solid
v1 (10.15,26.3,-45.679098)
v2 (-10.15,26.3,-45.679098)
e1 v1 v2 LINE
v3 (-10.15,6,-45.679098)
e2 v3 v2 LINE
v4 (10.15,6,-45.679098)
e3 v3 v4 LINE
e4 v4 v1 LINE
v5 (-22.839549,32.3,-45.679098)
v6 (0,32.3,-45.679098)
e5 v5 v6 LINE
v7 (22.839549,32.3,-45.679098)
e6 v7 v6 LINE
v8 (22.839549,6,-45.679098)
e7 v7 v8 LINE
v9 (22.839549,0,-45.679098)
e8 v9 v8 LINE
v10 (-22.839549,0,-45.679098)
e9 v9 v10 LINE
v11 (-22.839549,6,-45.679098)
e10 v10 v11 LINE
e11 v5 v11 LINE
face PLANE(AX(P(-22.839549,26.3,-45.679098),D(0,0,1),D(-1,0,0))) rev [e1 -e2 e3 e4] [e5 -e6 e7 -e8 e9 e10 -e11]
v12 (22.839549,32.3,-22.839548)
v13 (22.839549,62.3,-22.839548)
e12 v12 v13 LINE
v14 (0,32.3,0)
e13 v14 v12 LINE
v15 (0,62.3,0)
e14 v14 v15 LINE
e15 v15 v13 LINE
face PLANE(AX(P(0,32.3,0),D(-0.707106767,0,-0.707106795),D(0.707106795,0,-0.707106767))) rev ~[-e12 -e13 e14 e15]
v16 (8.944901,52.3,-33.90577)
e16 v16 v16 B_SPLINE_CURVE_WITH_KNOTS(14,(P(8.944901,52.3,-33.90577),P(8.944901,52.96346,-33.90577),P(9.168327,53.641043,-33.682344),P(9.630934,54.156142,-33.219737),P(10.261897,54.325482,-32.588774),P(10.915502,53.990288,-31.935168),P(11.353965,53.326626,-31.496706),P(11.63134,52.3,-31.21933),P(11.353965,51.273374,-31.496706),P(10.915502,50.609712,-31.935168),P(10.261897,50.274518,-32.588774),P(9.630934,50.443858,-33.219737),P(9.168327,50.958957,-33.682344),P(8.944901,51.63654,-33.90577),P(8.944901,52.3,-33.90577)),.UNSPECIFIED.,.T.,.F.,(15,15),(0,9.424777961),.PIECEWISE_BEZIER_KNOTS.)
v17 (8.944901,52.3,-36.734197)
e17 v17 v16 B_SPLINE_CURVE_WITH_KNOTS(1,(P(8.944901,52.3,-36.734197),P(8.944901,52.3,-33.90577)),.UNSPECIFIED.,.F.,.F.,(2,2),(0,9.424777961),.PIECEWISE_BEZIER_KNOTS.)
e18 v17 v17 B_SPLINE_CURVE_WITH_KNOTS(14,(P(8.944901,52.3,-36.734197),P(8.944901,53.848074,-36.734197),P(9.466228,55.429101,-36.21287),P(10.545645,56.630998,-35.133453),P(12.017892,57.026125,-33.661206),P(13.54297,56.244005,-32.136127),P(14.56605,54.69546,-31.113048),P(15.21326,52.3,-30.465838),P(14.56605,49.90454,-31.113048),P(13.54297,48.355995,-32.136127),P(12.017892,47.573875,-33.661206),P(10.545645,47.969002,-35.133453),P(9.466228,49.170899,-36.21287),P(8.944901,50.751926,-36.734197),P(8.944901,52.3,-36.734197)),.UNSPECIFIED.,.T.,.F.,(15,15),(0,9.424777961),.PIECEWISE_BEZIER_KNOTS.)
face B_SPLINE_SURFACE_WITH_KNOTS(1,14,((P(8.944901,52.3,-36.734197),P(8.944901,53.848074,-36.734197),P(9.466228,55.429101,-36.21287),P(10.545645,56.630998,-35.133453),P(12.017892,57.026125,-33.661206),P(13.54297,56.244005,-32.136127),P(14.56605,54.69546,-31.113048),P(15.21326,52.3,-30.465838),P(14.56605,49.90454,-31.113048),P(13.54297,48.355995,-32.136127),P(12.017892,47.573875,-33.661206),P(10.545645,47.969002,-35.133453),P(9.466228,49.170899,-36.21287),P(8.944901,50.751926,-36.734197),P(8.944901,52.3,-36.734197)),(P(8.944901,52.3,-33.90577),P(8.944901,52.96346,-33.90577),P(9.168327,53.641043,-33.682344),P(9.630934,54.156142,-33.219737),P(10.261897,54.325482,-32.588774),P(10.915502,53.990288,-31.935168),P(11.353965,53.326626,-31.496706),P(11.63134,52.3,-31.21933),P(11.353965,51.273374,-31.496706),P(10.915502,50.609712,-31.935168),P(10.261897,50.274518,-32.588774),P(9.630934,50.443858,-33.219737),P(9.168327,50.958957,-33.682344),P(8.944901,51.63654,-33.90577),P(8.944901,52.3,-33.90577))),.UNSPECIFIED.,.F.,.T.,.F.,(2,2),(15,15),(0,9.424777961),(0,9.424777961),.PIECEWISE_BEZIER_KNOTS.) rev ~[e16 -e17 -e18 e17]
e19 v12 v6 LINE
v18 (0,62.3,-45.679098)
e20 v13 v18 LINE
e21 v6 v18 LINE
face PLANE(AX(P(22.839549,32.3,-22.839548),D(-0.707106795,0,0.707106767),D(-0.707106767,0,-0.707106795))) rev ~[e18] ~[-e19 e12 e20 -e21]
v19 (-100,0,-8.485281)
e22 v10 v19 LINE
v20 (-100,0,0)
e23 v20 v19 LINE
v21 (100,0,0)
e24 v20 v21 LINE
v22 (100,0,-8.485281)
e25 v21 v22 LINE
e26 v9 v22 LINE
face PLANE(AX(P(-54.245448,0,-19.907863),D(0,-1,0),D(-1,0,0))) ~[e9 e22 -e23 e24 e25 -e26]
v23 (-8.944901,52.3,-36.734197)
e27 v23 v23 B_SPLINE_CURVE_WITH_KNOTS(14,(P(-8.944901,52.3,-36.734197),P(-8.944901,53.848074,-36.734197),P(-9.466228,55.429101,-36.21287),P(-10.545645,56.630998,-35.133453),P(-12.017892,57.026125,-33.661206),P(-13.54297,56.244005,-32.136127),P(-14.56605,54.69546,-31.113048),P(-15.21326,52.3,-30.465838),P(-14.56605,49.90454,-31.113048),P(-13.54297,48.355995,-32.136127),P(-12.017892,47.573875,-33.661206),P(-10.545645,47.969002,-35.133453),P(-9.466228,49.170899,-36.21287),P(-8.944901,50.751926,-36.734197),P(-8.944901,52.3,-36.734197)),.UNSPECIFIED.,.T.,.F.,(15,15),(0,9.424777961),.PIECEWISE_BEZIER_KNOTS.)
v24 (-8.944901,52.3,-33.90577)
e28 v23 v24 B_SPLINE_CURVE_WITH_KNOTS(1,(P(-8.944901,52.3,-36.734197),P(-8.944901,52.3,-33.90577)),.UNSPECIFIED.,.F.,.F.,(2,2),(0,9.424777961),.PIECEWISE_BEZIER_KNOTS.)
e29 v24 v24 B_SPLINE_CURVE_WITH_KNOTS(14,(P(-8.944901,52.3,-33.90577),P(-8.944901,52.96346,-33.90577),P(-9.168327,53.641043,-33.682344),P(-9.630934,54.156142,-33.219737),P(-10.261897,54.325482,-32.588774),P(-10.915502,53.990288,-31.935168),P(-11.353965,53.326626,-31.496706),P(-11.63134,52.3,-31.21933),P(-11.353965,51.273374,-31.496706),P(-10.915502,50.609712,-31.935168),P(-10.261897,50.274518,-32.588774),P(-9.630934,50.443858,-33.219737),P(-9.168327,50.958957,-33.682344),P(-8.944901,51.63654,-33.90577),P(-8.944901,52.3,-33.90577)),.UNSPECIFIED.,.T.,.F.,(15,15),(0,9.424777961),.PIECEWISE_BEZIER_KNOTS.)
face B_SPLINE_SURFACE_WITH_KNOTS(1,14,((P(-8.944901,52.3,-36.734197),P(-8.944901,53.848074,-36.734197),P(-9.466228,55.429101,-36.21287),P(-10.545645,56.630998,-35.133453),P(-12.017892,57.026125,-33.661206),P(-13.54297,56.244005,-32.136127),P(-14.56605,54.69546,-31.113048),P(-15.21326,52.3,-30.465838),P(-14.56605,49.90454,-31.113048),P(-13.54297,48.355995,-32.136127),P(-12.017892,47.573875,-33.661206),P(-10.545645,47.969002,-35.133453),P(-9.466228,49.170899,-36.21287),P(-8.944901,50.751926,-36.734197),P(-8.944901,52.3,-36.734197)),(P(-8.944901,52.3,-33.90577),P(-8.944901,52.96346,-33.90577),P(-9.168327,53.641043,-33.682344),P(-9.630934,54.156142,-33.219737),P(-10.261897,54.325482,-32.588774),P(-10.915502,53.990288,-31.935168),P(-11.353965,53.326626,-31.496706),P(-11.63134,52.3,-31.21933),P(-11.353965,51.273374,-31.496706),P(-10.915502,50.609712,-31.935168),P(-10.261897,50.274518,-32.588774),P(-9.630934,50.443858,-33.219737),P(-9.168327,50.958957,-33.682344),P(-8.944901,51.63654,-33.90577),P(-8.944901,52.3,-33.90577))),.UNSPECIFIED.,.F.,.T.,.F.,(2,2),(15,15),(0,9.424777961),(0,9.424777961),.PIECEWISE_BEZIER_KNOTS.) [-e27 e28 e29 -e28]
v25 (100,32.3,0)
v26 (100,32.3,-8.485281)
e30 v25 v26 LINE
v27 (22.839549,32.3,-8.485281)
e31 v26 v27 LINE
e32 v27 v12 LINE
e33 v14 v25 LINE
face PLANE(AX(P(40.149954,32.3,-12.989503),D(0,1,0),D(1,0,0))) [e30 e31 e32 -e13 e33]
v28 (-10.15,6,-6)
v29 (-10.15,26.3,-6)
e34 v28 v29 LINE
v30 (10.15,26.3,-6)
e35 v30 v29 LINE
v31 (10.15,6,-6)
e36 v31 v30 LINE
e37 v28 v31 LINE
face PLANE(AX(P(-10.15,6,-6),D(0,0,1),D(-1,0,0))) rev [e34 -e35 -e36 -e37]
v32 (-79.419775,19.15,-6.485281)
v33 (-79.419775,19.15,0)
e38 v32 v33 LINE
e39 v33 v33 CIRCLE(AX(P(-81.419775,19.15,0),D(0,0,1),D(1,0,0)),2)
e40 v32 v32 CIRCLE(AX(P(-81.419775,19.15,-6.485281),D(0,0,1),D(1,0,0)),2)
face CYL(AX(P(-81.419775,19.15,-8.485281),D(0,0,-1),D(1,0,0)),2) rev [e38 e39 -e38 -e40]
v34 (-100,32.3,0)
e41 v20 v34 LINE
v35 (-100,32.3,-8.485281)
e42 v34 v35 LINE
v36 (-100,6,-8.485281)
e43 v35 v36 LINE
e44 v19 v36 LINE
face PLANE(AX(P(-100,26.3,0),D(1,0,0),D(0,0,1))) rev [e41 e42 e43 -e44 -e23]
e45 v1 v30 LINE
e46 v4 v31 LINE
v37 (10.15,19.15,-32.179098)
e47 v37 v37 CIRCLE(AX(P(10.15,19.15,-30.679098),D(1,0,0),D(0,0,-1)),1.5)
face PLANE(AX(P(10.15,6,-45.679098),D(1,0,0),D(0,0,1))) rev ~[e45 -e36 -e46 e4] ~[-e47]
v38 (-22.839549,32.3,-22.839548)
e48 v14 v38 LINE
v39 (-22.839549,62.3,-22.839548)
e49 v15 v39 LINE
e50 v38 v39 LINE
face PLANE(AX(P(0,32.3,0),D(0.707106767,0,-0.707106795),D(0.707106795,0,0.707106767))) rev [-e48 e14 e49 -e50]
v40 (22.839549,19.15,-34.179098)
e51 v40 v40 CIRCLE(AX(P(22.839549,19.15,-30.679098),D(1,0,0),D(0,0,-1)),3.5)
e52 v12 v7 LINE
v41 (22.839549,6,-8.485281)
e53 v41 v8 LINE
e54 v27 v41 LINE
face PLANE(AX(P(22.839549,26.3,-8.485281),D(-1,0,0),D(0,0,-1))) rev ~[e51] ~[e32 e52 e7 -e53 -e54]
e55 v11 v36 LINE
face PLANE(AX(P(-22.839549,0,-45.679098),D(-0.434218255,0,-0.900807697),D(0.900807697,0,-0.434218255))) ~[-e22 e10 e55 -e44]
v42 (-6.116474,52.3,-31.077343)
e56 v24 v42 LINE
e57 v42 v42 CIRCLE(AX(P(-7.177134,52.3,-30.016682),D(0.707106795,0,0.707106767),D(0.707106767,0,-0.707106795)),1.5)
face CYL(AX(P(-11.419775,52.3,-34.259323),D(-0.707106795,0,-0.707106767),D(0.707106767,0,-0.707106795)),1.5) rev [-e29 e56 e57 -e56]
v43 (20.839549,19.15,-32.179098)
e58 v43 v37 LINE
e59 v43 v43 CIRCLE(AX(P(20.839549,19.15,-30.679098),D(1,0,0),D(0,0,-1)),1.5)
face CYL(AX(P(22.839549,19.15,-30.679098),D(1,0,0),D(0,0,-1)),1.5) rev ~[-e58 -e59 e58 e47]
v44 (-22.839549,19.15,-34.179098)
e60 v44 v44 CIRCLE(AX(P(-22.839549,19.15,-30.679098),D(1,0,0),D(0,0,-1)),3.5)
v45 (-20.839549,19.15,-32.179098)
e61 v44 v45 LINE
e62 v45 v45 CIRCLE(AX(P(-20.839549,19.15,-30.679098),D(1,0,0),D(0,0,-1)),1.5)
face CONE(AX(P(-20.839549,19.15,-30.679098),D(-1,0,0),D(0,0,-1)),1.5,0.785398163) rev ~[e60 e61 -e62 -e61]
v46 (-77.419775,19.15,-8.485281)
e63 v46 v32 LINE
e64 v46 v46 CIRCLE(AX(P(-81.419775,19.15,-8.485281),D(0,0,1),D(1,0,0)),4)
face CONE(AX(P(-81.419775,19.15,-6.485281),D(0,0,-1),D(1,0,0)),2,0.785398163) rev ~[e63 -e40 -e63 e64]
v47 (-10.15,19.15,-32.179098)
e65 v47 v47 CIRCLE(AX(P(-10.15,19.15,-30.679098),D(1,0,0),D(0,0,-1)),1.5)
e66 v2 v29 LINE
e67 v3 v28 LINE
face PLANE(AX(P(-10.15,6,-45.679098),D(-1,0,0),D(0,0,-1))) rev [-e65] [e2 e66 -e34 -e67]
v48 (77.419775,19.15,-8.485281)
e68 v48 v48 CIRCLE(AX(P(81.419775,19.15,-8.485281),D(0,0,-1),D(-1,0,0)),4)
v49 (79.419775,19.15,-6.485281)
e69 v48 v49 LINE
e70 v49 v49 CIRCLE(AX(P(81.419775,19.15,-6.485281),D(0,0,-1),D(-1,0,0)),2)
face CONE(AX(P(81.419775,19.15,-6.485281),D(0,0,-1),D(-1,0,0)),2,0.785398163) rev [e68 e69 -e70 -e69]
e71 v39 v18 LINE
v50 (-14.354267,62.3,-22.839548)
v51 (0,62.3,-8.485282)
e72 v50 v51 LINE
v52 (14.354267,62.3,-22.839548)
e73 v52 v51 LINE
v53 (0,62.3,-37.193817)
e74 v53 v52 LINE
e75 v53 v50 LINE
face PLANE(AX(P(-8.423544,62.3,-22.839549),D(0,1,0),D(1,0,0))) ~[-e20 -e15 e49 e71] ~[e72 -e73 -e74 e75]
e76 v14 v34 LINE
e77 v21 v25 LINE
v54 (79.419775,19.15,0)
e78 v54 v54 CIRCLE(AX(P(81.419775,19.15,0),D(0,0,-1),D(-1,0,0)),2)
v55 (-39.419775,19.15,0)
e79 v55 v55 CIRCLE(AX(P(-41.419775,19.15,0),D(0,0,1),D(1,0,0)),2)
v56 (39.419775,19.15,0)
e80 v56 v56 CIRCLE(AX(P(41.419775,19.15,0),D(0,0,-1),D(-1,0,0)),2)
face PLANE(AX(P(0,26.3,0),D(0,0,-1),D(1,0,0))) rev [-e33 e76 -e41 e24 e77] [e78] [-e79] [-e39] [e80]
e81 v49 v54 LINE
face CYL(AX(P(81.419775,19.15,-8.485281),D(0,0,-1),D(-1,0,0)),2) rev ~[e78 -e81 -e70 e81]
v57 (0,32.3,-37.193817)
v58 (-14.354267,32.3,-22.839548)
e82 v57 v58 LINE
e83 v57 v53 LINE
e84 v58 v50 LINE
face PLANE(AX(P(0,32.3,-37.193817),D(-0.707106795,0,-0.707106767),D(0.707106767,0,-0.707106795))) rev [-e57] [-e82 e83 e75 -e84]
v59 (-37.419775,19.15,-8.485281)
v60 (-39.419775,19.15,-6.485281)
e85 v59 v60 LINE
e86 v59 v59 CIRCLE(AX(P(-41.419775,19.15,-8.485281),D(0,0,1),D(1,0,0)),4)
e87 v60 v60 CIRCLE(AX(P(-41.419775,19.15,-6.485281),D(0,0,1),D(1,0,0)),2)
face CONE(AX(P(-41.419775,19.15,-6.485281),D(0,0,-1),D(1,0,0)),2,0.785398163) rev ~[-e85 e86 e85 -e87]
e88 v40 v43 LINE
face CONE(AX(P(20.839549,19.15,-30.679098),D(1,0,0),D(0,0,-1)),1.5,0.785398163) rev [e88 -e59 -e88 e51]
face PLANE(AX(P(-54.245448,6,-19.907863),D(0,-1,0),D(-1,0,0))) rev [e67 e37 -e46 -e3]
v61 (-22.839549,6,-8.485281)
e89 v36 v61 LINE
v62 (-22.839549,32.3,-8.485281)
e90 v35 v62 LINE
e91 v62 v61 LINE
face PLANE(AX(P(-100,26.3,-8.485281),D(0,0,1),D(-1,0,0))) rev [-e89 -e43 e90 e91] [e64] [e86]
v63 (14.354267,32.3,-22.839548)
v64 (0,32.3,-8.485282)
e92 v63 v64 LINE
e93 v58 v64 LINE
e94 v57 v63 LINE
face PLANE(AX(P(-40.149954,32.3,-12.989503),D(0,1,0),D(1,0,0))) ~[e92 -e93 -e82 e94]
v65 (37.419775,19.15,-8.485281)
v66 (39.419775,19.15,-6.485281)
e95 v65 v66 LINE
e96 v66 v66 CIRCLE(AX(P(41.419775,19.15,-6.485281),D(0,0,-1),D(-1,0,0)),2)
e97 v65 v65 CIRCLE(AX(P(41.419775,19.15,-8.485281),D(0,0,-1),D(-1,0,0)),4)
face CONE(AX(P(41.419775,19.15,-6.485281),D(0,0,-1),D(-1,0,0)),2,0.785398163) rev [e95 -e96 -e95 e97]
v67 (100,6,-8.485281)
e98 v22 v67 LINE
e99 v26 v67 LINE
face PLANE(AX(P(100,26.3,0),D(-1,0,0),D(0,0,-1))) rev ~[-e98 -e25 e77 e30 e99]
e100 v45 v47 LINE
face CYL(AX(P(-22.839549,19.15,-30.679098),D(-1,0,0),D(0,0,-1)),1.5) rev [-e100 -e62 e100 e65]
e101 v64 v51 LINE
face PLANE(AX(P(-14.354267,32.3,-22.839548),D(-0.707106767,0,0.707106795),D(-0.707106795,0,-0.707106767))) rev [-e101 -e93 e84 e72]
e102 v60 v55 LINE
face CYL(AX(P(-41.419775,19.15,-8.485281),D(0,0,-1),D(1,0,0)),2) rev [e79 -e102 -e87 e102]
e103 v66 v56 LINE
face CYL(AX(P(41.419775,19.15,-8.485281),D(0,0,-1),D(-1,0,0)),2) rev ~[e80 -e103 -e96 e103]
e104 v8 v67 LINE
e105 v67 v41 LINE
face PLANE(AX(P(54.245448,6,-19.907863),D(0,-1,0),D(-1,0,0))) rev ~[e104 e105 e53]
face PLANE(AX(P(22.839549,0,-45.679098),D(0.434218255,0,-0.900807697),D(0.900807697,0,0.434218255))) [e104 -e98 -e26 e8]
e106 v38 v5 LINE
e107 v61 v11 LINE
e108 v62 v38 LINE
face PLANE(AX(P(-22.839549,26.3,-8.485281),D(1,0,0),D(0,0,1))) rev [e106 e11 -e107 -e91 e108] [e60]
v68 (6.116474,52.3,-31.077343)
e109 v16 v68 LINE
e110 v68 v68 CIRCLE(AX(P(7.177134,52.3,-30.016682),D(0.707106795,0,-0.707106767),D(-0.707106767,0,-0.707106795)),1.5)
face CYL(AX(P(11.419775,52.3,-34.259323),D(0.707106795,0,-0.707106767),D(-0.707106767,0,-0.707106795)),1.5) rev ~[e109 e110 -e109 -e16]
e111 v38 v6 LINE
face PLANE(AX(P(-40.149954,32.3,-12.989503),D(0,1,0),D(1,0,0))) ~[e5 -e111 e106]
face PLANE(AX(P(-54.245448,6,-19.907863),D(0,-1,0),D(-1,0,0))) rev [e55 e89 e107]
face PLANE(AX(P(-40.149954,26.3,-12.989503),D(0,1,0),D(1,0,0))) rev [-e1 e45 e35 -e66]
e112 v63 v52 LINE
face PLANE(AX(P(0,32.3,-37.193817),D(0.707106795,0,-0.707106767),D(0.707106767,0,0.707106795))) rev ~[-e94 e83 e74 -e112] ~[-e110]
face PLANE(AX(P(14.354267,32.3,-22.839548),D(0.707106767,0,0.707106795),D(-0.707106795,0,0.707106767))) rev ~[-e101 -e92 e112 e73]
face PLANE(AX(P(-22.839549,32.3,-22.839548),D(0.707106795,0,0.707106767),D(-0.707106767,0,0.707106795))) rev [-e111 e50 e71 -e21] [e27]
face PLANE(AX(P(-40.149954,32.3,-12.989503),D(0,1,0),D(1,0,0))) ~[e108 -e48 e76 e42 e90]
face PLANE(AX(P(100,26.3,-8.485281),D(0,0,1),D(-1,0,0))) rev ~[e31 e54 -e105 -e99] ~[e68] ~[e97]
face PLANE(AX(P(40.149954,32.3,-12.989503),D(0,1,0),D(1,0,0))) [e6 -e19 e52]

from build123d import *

# Parameters (mm, degrees)
BOSS_EXTRU_1_DEPTH      = 6
BOSS_EXTRU_2_DEPTH      = 20.3
BOSS_EXTRU_3_DEPTH      = 6
BOSS_EXTRU_4_DEPTH      = 30
ESQUISSE5_R             = 1.5
ENL_V_MAT_EXTRU_1_DEPTH = 30
ESQUISSE6_R             = 1.5
ENL_V_MAT_EXTRU_2_DEPTH = 30
ESQUISSE7_R             = 2
ENL_V_MAT_EXTRU_3_DEPTH = 30
CHANFREIN1_SIZE         = 2


with BuildPart() as part:
    # Esquisse1 → Boss.-Extru.1 (new body)
    with BuildSketch(Plane(origin=(0, 0, 0), x_dir=(1, 0, 0), z_dir=(0, 1, 0))):
        Polygon((22.839549032, 45.679098065), (100, 8.485281374), (22.839549032, 8.485281374), align=None)
        Polygon((22.839549032, 45.679098065), (0, 45.679098065), (0, 0), (100, 0), (100, 8.485281374), (22.839549032, 8.485281374), align=None)
    extrude(amount=BOSS_EXTRU_1_DEPTH)

    # Esquisse2 → Boss.-Extru.2 (add)
    with BuildSketch(Plane(origin=(0, 6, 0), x_dir=(1, 0, 0), z_dir=(0, 1, 0))):
        Polygon((22.839549032, 45.679098065), (10.15, 45.679098065), (10.15, 6), (0, 6), (0, 0), (100, 0), (100, 8.485281374), (22.839549032, 8.485281374), align=None)
    extrude(amount=BOSS_EXTRU_2_DEPTH)

    # Esquisse3 → Boss.-Extru.3 (add)
    with BuildSketch(Plane(origin=(0, 26.3, 0), x_dir=(1, 0, 0), z_dir=(0, 1, 0))):
        Polygon((22.839549032, 45.679098065), (0, 45.679098065), (0, 0), (100, 0), (100, 8.485281374), (22.839549032, 8.485281374), align=None)
    extrude(amount=BOSS_EXTRU_3_DEPTH)

    # Esquisse4 → Boss.-Extru.4 (add)
    with BuildSketch(Plane(origin=(0, 32.3, 0), x_dir=(1, 0, 0), z_dir=(0, 1, 0))):
        Polygon((0, 0), (22.839549032, 22.839548119), (0, 45.679098065), (0, 37.193816521), (14.354267489, 22.839548459), (0, 8.485281544), align=None)
    extrude(amount=BOSS_EXTRU_4_DEPTH)

    # Esquisse5 → Enlèv. mat.-Extru.1 (cut)
    with BuildSketch(Plane(origin=(22.839549032, 0, -22.839548119), x_dir=(-0.7071067670543795, 0, -0.7071067953187153), z_dir=(0.7071067953187153, 0, -0.7071067670543795))):
        with Locations((16.150000323, 52.3)):
            Circle(ESQUISSE5_R)
    extrude(amount=-ENL_V_MAT_EXTRU_1_DEPTH, mode=Mode.SUBTRACT)

    # Esquisse6 → Enlèv. mat.-Extru.2 (cut)
    with BuildSketch(Plane(origin=(22.839549032, 0, 0), x_dir=(0, 0, -1), z_dir=(1, 0, 0))):
        with Locations((30.679098065, 19.15)):
            Circle(ESQUISSE6_R)
    extrude(amount=-ENL_V_MAT_EXTRU_2_DEPTH, mode=Mode.SUBTRACT)

    # Esquisse7 → Enlèv. mat.-Extru.3 (cut)
    with BuildSketch(Plane(origin=(0, 0, -8.485281374), x_dir=(-1, 0, 0), z_dir=(0, 0, -1))):
        with Locations((-41.419774516, 19.15)):
            Circle(ESQUISSE7_R)
        with Locations((-81.419774516, 19.15)):
            Circle(ESQUISSE7_R)
    extrude(amount=-ENL_V_MAT_EXTRU_3_DEPTH, mode=Mode.SUBTRACT)

    # Chanfrein1
    chanfrein1_edges = [part.edges().sort_by_distance(p)[0] for p in [
        (12.480434667, 52.3, -33.198662899),
        (22.839549032, 19.15, -29.179098065),
        (43.419774516, 19.15, -8.485281374),
        (83.419774516, 19.15, -8.485281374),
    ]]
    chamfer(chanfrein1_edges, length=CHANFREIN1_SIZE)

    # Symétrie1: part across plane


with BuildPart() as part_1:
    add(part.part)
    add(part.part.mirror(Plane(origin=(0, 6, 0), x_dir=(0, 0, 1), z_dir=(1, 0, 0))))


solid = part_1.part
